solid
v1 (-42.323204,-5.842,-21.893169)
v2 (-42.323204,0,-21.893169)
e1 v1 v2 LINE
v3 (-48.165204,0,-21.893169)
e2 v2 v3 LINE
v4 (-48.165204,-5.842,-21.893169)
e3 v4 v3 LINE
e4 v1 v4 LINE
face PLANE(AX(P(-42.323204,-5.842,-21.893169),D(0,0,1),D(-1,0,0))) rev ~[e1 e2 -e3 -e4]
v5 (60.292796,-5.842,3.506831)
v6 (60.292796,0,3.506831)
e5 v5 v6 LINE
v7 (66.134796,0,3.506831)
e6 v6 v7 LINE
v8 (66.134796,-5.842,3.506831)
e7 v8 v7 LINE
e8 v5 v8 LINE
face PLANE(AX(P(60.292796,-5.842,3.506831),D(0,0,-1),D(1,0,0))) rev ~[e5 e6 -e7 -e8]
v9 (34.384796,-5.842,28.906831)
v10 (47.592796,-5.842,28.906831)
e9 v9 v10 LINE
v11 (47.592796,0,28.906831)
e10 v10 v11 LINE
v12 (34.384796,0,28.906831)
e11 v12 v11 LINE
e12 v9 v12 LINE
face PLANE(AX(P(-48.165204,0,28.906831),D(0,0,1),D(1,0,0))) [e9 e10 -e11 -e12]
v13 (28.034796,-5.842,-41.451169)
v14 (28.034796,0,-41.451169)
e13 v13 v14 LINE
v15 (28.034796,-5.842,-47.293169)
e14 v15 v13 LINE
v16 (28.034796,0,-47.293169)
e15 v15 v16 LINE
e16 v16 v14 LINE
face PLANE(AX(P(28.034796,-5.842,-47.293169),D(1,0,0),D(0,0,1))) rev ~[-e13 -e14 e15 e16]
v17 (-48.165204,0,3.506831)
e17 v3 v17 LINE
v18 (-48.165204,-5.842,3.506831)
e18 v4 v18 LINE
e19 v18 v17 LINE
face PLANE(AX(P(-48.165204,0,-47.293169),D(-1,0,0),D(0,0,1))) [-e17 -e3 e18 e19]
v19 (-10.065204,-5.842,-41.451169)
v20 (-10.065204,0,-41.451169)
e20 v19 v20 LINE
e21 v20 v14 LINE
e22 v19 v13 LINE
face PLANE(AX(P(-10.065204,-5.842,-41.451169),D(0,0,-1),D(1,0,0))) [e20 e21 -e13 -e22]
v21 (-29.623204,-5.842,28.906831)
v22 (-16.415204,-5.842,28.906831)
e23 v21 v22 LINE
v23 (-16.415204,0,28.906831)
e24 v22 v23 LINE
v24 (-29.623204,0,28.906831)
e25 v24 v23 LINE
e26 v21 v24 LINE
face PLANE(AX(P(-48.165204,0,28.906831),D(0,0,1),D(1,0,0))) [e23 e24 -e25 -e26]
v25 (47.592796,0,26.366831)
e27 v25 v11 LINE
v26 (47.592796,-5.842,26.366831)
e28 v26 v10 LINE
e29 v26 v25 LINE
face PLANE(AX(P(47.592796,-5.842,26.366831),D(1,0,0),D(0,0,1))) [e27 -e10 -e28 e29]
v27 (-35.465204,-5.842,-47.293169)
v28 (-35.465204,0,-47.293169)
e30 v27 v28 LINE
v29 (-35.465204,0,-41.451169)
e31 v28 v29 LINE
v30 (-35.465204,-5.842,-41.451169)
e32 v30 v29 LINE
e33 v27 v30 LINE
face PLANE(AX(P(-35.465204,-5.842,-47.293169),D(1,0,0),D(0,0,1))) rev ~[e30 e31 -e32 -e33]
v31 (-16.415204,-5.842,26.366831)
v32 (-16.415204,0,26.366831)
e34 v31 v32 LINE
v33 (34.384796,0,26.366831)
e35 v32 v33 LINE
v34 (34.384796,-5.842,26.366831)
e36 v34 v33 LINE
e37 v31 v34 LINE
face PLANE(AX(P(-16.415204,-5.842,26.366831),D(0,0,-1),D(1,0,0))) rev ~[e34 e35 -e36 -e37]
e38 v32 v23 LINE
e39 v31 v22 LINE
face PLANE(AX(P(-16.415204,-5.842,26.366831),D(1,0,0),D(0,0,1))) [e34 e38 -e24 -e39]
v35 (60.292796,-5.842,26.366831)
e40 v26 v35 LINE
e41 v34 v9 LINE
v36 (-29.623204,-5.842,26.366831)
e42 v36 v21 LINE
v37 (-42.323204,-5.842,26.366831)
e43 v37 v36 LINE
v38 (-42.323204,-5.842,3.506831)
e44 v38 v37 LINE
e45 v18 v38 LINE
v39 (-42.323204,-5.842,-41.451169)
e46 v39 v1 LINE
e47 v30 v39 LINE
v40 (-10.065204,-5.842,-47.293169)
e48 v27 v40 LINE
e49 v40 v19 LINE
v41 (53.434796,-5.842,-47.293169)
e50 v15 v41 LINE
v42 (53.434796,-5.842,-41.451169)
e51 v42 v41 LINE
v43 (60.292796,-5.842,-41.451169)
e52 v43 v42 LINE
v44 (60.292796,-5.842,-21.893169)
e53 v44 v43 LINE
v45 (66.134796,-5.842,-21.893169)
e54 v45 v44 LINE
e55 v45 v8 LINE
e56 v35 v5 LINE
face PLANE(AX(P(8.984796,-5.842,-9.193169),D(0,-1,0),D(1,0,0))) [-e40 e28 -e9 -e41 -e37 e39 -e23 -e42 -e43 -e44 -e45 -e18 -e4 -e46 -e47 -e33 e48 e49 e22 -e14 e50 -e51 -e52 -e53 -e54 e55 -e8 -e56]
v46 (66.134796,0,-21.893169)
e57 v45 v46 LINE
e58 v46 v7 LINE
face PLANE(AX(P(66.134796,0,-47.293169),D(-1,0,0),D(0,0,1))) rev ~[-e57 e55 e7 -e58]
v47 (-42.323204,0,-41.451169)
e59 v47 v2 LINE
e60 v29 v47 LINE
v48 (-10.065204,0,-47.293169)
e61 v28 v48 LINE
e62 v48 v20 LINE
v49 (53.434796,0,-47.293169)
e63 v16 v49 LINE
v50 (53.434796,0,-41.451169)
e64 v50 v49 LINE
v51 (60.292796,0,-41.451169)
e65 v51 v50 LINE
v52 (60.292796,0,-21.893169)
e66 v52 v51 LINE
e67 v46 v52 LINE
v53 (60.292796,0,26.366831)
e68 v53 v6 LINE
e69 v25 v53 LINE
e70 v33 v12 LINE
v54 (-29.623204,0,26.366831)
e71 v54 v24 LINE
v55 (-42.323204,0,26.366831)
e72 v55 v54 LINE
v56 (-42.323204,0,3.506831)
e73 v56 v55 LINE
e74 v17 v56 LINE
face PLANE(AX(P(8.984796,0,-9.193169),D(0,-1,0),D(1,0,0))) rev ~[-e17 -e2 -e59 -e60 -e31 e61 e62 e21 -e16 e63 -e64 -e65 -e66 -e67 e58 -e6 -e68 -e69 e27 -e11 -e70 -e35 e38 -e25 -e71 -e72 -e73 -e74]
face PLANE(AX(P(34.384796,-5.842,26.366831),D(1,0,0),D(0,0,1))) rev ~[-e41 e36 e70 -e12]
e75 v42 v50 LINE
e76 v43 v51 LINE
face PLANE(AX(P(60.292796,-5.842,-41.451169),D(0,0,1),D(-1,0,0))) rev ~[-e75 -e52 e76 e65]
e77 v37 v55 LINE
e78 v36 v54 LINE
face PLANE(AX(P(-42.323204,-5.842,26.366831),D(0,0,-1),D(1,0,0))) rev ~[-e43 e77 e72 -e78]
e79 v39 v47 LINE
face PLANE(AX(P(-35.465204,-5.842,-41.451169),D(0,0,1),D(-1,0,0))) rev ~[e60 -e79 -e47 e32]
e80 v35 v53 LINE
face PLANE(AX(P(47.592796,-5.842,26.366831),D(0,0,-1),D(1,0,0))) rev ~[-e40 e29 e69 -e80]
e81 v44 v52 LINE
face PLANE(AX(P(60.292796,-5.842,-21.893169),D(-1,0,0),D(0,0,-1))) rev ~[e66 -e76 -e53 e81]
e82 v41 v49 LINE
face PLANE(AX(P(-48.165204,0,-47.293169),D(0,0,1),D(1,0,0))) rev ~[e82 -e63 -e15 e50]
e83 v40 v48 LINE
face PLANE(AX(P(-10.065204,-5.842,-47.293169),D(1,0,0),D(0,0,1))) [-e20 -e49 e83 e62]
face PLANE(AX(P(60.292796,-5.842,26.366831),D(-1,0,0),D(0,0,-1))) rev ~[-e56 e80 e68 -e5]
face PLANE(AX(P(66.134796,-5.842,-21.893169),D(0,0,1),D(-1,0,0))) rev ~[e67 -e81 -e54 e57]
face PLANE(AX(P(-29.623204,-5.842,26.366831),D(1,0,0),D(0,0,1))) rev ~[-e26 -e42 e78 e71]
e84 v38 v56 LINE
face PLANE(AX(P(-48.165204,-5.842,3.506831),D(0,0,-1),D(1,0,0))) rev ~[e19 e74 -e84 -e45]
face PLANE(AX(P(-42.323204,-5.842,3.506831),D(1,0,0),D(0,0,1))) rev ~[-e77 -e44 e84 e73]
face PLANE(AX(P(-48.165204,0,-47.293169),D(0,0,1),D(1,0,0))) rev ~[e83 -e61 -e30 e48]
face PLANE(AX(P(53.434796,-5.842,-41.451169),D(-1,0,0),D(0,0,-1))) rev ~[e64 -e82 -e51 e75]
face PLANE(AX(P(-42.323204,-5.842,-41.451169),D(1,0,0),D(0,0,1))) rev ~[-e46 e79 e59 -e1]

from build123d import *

# Parameters (mm, degrees)
F0_W     = 114.3
F0_H     = 76.2
F1_DEPTH = 5.842
F2_W     = 38.1
F2_H     = 5.842
F2_W_2   = 50.8
F2_H_2   = 2.54
F2_W_3   = 12.7
F3_DEPTH = 5.842


with BuildPart() as f1:
    # F0 (on Front) → F1 (new body)
    with BuildSketch(Plane.XZ):
        with Locations((8.984796, -9.193169)):
            Rectangle(F0_W, F0_H)
    extrude(amount=F1_DEPTH)

    # F2 (on face) → F3 (cut, through all)
    with BuildSketch(Plane.XZ.offset(5.842)):
        Polygon((-48.165204, 28.906831), (-48.165204, 3.506831), (-42.323204, 3.506831), (-42.323204, 26.366831), (-42.323204, 28.906831), align=None)
        Polygon((-48.165204, -47.293169), (-35.465204, -47.293169), (-35.465204, -41.451169), (-42.323204, -41.451169), (-42.323204, -21.893169), (-48.165204, -21.893169), align=None)
        with Locations((8.984796, -44.372169)):
            Rectangle(F2_W, F2_H)
        Polygon((53.434796, -41.451169), (53.434796, -47.293169), (66.134796, -47.293169), (66.134796, -21.893169), (60.292796, -21.893169), (60.292796, -41.451169), align=None)
        Polygon((60.292796, 3.506831), (66.134796, 3.506831), (66.134796, 28.906831), (60.292796, 28.906831), (60.292796, 26.366831), align=None)
        with Locations((8.984796, 27.636831)):
            Rectangle(F2_W_2, F2_H_2)
        with Locations((-35.973204, 27.636831)):
            Rectangle(F2_W_3, F2_H_2)
        with Locations((53.942796, 27.636831)):
            Rectangle(F2_W_3, F2_H_2)
    extrude(amount=-F3_DEPTH, mode=Mode.SUBTRACT)


solid = f1.part
